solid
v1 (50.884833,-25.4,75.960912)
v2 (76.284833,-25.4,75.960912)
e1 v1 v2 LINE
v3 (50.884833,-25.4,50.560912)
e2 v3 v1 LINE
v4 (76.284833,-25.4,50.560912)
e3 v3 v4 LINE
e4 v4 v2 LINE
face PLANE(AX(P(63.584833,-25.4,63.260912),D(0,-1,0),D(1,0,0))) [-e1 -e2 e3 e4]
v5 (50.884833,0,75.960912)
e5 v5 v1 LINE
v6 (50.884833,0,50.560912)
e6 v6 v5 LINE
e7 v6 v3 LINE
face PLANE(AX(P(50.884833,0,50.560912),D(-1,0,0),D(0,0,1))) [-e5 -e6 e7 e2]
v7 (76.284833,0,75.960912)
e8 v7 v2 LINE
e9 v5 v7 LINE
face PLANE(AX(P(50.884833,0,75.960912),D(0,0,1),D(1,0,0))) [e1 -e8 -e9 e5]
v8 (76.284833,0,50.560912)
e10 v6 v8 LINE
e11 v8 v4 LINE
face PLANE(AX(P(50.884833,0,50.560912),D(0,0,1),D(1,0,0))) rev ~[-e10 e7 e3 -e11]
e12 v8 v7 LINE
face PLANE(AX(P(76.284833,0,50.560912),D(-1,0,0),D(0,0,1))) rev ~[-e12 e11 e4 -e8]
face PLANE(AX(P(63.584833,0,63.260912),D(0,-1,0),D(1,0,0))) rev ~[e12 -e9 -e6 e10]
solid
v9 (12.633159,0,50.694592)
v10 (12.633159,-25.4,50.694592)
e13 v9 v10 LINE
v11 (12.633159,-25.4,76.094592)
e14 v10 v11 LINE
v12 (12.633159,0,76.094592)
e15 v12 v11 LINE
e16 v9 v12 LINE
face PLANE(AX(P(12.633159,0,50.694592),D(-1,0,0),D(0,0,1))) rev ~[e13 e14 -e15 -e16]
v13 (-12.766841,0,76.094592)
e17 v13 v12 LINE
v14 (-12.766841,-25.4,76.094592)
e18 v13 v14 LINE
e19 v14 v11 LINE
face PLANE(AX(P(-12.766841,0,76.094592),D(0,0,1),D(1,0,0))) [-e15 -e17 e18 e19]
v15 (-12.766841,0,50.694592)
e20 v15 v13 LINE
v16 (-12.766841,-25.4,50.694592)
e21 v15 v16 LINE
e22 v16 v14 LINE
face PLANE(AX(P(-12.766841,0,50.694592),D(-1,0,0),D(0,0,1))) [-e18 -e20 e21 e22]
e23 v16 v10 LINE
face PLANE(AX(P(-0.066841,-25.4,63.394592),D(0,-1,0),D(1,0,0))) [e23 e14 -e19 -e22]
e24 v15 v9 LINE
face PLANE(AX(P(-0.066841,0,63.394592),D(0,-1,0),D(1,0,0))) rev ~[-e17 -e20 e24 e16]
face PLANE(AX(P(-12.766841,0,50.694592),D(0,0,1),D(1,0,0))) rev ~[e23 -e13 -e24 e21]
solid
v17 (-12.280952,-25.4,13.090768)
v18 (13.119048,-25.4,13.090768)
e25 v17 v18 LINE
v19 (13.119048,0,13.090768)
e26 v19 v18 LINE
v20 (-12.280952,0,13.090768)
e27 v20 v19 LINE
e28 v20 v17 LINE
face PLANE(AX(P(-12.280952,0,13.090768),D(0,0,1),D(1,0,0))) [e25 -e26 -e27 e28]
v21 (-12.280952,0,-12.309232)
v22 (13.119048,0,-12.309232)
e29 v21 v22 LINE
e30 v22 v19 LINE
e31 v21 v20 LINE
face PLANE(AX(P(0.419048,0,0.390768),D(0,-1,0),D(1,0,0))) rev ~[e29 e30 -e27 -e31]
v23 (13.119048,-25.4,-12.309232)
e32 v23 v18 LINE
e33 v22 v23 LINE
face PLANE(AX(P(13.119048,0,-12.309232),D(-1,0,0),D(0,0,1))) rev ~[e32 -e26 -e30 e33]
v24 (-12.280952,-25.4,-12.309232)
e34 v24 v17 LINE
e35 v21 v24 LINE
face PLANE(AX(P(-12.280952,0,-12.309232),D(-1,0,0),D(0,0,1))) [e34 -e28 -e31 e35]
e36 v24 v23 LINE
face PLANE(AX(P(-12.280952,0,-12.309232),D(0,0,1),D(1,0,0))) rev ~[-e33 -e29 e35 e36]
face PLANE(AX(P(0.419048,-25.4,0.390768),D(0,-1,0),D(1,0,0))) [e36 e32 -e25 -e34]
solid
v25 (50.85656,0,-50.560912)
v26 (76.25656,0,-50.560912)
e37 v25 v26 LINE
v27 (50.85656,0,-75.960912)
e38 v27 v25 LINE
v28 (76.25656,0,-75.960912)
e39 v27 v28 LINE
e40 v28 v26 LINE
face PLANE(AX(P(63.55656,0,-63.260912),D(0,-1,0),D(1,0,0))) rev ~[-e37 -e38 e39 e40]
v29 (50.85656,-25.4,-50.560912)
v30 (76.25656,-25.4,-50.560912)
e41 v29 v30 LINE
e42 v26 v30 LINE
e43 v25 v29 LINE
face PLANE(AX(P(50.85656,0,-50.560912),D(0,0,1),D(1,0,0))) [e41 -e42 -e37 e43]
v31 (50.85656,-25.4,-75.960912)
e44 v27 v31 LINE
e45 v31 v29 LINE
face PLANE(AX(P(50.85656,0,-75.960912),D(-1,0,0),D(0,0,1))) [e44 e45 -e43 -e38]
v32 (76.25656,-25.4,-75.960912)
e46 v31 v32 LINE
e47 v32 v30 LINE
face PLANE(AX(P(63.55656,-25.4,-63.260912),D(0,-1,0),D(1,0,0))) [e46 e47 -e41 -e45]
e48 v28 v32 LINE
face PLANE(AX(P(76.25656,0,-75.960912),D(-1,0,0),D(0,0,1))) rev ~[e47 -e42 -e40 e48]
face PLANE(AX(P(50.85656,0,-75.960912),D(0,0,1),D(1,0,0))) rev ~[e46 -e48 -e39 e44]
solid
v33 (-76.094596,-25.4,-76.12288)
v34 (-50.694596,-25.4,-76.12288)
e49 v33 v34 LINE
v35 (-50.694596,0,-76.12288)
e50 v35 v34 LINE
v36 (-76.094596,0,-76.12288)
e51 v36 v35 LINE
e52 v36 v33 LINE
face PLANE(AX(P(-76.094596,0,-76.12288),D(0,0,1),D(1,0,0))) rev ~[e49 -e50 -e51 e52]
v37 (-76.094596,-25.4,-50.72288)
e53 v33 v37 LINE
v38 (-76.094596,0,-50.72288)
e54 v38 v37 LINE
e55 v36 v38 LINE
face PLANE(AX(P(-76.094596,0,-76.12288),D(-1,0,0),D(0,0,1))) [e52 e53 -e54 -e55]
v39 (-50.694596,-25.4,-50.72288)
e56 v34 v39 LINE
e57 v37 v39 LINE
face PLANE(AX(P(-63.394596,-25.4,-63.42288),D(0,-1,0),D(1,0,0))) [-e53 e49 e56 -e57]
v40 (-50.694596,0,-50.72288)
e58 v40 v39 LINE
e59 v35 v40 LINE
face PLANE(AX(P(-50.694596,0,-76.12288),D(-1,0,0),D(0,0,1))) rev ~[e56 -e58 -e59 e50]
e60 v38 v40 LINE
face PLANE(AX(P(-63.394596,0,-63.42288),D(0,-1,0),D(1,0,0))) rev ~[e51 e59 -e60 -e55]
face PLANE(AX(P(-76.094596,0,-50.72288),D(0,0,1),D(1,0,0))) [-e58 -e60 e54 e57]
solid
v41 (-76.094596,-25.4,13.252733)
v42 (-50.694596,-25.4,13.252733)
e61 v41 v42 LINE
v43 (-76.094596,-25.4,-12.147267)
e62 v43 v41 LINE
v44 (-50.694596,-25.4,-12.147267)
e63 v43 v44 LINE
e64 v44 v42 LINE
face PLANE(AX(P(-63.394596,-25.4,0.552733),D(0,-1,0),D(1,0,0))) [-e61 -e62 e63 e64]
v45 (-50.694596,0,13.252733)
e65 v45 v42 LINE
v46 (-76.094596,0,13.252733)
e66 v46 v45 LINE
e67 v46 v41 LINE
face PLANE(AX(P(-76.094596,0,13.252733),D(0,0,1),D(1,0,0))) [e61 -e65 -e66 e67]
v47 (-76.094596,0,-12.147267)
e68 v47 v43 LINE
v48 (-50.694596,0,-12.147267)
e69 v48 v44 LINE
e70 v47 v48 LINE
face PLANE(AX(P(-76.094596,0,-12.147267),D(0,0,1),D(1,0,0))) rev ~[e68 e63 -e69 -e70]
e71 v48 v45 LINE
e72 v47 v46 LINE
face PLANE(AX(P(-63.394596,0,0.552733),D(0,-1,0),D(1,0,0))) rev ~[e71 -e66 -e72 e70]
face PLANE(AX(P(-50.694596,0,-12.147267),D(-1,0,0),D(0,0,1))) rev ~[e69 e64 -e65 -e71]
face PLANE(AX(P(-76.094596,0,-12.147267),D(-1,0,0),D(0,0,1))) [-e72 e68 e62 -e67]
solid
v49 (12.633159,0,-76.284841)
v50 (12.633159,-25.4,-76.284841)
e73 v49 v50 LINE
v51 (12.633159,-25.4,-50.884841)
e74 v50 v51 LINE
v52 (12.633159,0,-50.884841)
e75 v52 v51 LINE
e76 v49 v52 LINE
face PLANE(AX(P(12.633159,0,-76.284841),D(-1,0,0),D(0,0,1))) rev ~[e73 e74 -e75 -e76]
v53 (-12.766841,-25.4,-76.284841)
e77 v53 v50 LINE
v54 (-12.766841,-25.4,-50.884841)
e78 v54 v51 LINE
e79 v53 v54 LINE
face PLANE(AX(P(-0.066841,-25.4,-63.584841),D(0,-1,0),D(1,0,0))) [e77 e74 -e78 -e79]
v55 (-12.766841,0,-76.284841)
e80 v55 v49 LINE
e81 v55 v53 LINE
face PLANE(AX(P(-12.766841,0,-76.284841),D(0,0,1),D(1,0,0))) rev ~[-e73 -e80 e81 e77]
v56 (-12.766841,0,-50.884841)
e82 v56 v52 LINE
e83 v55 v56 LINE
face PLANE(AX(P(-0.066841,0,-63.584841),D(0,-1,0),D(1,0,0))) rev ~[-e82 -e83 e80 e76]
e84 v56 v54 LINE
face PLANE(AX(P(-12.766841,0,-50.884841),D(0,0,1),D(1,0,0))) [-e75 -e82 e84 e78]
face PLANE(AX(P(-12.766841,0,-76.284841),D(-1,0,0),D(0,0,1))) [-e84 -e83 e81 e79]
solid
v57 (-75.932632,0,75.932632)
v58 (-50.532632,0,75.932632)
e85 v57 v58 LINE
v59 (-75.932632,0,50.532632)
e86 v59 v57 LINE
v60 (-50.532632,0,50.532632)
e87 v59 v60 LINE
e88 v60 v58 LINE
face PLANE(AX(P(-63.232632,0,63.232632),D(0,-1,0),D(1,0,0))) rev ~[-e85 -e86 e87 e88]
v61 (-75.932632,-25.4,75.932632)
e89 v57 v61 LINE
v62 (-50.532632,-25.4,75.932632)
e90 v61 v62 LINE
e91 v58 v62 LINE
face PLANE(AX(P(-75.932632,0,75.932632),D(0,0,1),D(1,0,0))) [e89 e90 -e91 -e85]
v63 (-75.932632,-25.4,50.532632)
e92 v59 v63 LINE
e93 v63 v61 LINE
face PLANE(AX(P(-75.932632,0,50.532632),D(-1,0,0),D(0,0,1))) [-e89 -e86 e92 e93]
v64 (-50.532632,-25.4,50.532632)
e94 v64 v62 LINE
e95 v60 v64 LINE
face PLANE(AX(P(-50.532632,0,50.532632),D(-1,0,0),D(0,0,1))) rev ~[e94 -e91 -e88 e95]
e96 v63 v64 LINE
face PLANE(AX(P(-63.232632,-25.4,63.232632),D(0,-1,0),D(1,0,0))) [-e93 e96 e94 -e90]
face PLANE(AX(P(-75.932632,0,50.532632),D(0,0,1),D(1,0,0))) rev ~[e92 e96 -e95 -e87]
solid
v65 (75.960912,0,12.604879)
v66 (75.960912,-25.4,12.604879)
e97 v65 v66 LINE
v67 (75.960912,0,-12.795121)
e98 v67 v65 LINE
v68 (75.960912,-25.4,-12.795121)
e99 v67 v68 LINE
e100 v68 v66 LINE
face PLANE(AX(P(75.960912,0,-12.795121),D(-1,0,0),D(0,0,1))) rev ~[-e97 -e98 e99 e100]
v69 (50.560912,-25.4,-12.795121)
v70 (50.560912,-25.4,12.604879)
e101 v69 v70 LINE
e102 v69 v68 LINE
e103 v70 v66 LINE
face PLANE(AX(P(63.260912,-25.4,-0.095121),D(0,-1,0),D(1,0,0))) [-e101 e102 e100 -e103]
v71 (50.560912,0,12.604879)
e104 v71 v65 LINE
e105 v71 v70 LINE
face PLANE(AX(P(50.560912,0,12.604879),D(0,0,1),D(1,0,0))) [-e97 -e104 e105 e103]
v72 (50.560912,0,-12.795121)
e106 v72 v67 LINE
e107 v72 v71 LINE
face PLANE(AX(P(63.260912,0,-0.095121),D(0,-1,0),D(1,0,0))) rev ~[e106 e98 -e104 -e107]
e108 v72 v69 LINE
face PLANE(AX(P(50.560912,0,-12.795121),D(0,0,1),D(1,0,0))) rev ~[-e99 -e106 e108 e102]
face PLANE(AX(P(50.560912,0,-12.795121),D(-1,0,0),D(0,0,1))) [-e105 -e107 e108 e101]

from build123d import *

# Parameters (mm, degrees)
F0_W     = 25.4
F0_H     = 25.4
F1_W     = 25.4
F1_H     = 25.4
F2_W     = 25.4
F2_H     = 25.4
F3_W     = 25.4
F3_H     = 25.4
F4_W     = 25.4
F4_H     = 25.4
F8_W     = 25.4
F8_H     = 25.4
F6_W     = 25.4
F6_H     = 25.4
F5_W     = 25.4
F5_H     = 25.4
F7_W     = 25.4
F7_H     = 25.4
F9_DEPTH = 25.4


with BuildPart() as f9:
    # F0 (on Front) + F1 (on Front) + F2 (on Front) + F3 (on Front) + F4 (on Front) + F8 (on Front) + F6 (on Front) + F5 (on Front) + F7 (on Front) → F9 (new body)
    with BuildSketch(Plane.XZ):
        with Locations((-63.232632, 63.232632)):
            Rectangle(F0_W, F0_H)
    with BuildSketch(Plane.XZ):
        with Locations((-63.394596, -63.42288)):
            Rectangle(F1_W, F1_H)
    with BuildSketch(Plane.XZ):
        with Locations((-0.066841, 63.394592)):
            Rectangle(F2_W, F2_H)
    with BuildSketch(Plane.XZ):
        with Locations((-0.066841, -63.584841)):
            Rectangle(F3_W, F3_H)
    with BuildSketch(Plane.XZ):
        with Locations((-63.394596, 0.552733)):
            Rectangle(F4_W, F4_H)
    with BuildSketch(Plane.XZ):
        with Locations((63.260912, -0.095121)):
            Rectangle(F8_W, F8_H)
    with BuildSketch(Plane.XZ):
        with Locations((63.584833, 63.260912)):
            Rectangle(F6_W, F6_H)
    with BuildSketch(Plane.XZ):
        with Locations((0.419048, 0.390768)):
            Rectangle(F5_W, F5_H)
    with BuildSketch(Plane.XZ):
        with Locations((63.55656, -63.260912)):
            Rectangle(F7_W, F7_H)
    extrude(amount=F9_DEPTH)


solid = f9.part
